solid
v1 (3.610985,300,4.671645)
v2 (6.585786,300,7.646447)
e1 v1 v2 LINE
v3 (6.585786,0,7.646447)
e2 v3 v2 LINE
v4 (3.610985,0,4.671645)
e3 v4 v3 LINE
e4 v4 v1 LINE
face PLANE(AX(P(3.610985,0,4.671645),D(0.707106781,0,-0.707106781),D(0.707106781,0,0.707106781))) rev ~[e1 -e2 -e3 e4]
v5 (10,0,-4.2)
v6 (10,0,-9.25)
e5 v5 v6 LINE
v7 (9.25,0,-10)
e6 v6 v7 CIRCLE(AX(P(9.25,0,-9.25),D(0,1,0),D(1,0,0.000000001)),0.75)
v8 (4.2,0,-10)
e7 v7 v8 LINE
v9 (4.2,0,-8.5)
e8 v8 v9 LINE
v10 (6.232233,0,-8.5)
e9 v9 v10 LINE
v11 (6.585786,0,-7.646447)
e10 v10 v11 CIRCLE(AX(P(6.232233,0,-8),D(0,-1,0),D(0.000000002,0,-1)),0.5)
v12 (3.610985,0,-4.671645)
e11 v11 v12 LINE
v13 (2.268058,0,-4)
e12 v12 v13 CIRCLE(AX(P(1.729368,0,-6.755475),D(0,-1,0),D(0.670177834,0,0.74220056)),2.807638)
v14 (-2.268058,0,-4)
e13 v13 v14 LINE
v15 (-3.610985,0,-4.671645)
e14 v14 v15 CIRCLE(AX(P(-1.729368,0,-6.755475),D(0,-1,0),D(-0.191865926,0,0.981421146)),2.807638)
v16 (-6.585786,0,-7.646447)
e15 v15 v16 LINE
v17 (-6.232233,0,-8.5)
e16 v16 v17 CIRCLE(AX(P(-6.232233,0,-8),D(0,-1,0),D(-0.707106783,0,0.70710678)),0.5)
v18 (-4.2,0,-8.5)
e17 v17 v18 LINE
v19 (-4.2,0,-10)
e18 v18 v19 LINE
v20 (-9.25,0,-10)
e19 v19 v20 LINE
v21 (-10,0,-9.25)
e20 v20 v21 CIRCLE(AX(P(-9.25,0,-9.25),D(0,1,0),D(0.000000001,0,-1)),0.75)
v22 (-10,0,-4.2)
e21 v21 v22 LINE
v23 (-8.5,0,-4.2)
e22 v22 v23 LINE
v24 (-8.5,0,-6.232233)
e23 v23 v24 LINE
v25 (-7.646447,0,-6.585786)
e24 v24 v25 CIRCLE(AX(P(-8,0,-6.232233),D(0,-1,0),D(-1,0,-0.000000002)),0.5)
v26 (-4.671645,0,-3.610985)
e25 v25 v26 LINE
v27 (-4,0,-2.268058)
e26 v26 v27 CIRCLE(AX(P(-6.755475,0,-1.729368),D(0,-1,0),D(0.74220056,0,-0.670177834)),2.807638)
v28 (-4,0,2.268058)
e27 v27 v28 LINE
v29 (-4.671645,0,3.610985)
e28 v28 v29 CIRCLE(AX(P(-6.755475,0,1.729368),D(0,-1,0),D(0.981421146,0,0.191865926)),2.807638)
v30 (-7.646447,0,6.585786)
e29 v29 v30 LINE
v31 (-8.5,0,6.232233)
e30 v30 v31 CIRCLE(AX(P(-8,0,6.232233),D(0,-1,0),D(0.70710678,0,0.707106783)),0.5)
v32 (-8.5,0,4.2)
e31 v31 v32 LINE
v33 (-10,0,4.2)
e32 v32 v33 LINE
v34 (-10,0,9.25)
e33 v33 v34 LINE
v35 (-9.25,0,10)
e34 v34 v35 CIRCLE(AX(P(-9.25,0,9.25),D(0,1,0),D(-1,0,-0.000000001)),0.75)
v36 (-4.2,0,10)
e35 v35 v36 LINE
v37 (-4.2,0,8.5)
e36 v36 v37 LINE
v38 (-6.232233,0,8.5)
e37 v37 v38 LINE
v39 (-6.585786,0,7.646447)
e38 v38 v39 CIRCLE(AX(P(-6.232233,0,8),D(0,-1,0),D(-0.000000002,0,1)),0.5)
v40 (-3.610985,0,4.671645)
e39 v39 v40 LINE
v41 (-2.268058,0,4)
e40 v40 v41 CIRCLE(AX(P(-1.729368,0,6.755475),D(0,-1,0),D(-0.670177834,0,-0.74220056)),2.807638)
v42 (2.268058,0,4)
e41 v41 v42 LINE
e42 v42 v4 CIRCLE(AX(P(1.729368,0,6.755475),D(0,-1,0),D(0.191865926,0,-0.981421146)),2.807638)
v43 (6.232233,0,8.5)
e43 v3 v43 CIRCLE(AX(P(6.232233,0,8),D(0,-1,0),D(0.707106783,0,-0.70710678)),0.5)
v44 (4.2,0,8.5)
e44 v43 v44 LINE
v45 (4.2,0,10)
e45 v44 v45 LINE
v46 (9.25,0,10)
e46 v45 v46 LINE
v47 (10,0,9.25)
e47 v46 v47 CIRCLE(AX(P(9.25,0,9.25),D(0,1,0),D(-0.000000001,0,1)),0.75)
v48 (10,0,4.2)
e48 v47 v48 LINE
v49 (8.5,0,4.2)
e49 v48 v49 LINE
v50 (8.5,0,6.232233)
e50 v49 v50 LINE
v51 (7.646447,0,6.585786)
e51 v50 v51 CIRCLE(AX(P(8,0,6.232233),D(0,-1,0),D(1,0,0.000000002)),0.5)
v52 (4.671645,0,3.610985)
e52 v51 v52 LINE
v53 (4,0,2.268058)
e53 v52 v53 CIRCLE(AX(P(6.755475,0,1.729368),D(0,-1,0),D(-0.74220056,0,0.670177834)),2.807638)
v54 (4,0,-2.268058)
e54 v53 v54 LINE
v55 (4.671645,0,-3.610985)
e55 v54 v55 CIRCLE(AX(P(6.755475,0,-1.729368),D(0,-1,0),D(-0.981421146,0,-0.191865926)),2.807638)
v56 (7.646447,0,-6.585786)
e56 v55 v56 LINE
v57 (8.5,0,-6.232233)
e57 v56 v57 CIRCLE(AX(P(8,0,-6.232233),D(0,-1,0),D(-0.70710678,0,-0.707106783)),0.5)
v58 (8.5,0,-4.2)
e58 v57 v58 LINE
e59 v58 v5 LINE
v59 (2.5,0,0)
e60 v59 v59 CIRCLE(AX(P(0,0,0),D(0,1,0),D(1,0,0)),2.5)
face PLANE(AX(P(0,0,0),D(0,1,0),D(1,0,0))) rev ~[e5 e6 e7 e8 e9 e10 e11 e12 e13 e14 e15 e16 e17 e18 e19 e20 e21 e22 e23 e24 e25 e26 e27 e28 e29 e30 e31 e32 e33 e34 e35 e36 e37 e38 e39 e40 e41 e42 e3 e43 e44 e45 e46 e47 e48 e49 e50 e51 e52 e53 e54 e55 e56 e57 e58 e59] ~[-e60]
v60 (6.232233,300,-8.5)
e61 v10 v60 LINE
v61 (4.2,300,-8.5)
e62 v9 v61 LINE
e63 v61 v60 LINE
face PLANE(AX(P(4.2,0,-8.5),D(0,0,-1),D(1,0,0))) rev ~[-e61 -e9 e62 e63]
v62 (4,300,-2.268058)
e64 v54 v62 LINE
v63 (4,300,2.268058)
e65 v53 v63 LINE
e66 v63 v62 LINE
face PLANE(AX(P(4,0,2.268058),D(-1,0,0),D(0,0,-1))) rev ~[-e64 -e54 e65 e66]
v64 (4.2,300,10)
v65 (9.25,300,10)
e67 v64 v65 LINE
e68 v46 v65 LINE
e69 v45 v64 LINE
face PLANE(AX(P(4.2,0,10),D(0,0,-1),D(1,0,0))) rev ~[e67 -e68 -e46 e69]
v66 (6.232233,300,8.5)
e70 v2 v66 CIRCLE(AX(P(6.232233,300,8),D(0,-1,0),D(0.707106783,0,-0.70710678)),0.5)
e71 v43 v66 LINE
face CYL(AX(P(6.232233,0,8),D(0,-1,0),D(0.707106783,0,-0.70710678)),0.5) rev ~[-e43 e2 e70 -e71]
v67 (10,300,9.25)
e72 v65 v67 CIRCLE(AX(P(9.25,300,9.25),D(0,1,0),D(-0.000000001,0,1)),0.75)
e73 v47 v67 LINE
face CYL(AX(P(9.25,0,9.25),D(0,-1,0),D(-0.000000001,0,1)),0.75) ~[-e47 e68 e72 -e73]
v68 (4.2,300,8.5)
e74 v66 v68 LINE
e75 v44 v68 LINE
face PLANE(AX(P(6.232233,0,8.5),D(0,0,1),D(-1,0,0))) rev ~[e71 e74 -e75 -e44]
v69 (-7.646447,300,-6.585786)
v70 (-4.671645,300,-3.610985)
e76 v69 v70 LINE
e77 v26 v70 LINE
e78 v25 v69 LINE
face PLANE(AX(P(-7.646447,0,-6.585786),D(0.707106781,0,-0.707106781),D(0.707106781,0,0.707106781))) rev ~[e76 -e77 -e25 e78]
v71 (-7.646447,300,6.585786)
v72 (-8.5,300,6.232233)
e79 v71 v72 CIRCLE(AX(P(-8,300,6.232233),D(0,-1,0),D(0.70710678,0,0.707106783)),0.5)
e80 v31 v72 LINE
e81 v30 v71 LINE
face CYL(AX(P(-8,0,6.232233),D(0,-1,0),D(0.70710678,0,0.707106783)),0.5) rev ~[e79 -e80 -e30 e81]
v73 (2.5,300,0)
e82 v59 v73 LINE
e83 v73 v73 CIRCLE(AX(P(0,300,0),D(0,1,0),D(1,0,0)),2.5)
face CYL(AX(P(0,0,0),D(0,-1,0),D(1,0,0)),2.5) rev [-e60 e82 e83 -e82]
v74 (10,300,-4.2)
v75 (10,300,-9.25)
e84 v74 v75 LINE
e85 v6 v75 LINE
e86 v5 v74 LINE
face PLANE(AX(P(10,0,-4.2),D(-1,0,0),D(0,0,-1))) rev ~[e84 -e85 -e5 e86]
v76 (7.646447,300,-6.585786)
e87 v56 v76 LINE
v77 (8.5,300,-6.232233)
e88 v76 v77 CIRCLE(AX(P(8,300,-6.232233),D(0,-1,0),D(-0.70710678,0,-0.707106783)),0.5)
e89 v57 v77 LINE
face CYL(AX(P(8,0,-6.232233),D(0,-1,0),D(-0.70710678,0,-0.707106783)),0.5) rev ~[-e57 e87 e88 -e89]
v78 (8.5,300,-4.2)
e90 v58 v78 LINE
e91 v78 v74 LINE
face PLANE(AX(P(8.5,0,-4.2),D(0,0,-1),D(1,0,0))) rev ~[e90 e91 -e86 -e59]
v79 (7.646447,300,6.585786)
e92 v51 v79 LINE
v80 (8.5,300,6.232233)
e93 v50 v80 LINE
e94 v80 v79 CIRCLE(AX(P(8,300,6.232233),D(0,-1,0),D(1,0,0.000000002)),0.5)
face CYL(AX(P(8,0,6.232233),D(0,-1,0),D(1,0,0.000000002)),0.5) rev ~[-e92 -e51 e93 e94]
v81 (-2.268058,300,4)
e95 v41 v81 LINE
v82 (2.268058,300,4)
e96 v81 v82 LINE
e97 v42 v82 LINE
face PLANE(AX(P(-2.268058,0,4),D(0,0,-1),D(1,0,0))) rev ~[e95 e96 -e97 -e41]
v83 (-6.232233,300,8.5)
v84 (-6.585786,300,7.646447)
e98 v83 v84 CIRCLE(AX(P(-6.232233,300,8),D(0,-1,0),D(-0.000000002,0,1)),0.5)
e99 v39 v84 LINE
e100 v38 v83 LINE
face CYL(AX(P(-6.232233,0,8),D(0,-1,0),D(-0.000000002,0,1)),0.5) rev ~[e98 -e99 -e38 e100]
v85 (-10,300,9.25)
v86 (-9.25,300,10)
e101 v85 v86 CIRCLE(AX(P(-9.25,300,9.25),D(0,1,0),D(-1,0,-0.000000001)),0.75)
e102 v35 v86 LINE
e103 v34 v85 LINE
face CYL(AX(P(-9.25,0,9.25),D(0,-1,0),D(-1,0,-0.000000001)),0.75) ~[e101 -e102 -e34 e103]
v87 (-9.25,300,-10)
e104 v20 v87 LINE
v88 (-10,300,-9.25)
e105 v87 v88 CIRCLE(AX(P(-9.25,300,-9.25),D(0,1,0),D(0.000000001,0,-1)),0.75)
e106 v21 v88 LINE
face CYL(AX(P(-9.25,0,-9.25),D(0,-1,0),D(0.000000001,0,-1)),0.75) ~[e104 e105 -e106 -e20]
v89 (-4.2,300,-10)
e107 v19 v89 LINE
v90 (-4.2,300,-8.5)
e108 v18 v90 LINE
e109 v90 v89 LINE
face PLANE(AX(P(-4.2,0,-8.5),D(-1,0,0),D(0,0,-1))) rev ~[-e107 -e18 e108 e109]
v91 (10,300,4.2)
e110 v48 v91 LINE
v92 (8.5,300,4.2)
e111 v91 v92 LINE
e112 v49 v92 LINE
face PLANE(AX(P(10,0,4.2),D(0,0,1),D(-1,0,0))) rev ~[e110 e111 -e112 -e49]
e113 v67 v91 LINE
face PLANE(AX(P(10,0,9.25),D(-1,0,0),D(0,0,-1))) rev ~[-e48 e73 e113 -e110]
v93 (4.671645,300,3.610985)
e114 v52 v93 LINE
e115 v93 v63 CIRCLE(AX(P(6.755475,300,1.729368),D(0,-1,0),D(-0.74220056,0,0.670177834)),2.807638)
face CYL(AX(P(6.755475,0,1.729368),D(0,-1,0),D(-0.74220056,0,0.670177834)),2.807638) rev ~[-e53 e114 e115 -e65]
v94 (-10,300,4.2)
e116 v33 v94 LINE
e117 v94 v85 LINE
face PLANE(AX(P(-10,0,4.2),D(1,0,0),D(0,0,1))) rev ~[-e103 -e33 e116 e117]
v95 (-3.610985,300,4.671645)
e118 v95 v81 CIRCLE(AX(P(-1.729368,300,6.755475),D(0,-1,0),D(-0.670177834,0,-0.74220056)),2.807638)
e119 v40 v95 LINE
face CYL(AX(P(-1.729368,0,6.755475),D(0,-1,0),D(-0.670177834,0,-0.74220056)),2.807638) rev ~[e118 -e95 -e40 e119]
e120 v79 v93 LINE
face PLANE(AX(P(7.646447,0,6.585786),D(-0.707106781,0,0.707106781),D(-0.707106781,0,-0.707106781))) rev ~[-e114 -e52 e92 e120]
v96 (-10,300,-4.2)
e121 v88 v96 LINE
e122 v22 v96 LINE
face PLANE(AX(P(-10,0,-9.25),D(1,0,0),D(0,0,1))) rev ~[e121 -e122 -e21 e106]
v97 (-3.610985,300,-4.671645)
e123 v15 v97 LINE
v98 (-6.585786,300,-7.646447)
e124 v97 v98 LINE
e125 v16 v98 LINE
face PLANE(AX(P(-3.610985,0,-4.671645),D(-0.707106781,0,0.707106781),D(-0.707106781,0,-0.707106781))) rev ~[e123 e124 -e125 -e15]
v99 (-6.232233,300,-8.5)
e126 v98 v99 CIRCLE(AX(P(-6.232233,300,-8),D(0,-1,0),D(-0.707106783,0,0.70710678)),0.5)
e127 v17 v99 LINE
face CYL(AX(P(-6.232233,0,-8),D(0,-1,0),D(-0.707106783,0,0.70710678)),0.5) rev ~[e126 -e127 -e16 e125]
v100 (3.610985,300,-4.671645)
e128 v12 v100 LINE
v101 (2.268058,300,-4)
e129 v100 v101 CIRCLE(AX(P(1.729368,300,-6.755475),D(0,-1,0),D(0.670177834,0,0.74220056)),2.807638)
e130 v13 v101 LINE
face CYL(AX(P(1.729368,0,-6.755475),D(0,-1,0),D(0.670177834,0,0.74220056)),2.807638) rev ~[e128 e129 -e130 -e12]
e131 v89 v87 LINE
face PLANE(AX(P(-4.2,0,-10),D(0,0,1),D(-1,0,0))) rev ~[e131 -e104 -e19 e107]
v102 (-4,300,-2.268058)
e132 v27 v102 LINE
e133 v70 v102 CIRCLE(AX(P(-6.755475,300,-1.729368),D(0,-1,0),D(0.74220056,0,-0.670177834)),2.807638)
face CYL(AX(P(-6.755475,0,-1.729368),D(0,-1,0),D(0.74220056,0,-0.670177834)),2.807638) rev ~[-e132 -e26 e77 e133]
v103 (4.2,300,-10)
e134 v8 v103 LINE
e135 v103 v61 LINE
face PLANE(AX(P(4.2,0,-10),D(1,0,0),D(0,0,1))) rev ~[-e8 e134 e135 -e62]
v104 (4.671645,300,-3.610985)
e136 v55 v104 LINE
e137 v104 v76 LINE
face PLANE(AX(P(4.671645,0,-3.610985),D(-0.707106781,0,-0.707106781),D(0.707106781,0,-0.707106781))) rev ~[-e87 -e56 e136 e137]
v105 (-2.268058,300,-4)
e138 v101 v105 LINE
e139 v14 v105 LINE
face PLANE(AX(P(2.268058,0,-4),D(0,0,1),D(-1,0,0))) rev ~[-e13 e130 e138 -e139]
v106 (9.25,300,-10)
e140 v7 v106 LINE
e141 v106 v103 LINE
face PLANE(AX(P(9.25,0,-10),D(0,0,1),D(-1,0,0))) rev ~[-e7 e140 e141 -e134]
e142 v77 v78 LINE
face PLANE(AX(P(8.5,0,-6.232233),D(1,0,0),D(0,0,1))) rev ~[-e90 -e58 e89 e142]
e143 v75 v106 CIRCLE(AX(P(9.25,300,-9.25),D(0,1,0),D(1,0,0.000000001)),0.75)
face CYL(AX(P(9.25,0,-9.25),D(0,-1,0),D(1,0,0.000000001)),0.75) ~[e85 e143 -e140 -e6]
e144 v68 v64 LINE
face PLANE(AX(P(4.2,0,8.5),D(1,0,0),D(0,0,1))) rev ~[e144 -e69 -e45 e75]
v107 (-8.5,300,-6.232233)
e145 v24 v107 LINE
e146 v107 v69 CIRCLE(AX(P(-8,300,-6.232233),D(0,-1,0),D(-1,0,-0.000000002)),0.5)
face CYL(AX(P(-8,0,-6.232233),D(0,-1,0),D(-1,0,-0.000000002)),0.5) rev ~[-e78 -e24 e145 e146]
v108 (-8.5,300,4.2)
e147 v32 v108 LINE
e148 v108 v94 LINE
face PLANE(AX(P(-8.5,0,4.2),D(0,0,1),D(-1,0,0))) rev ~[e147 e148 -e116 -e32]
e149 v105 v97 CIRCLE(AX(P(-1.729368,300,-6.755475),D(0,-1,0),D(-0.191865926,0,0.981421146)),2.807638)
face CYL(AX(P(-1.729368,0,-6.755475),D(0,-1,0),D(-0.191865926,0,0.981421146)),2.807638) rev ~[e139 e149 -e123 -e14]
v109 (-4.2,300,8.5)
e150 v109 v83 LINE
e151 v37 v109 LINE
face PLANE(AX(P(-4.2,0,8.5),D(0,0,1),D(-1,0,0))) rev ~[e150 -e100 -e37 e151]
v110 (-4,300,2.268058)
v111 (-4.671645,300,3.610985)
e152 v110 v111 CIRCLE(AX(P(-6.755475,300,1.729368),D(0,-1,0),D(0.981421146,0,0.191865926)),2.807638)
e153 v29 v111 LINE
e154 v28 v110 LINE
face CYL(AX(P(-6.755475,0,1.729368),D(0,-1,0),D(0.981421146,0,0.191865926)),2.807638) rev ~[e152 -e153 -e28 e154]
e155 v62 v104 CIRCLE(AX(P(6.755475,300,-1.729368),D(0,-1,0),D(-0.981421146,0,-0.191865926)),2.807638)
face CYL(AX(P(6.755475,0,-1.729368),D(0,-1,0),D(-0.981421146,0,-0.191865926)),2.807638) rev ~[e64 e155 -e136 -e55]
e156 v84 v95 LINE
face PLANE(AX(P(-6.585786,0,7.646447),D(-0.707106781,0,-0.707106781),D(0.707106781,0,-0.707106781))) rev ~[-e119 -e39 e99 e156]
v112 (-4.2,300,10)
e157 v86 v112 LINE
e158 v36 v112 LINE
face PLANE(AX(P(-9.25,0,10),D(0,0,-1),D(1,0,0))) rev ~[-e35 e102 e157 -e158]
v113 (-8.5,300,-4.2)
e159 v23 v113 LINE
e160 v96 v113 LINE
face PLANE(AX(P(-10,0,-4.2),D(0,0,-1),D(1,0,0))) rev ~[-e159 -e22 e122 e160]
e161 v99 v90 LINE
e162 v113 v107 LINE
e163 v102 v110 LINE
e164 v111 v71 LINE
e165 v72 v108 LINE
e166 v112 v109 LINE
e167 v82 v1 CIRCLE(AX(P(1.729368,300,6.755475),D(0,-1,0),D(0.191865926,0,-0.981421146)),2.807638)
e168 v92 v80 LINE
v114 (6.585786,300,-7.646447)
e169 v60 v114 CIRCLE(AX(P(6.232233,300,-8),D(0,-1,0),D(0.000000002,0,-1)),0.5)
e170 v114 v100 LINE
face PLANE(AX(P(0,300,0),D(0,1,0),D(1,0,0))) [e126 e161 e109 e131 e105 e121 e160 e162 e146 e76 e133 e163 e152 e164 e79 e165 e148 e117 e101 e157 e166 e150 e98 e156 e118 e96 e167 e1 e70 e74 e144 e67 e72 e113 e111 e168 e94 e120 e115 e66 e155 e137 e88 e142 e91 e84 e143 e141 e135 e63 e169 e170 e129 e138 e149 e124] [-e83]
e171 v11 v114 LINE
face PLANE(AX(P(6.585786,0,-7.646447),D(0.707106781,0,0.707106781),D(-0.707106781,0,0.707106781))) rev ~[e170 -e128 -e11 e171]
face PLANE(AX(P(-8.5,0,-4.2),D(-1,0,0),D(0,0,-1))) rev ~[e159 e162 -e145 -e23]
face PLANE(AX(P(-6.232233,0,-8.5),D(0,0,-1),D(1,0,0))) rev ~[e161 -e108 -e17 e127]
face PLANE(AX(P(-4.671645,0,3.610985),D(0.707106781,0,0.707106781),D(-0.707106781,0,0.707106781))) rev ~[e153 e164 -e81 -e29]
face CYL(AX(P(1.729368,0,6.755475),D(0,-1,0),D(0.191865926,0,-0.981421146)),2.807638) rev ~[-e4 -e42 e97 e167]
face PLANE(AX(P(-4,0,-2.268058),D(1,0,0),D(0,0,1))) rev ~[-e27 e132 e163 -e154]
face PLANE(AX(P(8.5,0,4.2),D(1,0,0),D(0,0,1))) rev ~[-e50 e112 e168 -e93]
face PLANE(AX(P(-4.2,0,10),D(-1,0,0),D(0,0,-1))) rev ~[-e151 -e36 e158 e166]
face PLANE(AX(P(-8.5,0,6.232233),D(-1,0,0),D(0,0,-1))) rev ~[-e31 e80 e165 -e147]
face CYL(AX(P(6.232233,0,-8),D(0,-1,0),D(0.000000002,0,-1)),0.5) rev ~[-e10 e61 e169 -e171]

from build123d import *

# Parameters (mm, degrees)
SKETCH1_R           = 2.5
BOSS_EXTRUDE1_DEPTH = 300


with BuildPart() as part:
    # Sketch1 → Boss-Extrude1 (new body)
    with BuildSketch(Plane(origin=(0, 0, 0), x_dir=(1, 0, 0), z_dir=(0, 1, 0))):
        with BuildLine():
            Line((-3.610984523, 4.671644695), (-6.585786438, 7.646446609))
            ThreePointArc((-6.585786438, 7.646446609), (-6.694172813, 8.191341716), (-6.232233047, 8.5))
            Line((-6.232233047, 8.5), (-4.2, 8.5))
            Line((-4.2, 8.5), (-4.2, 10))
            Line((-4.2, 10), (-9.25, 10))
            ThreePointArc((-9.25, 10), (-9.780330086, 9.780330086), (-10, 9.25))
            Line((-10, 9.25), (-10, 4.2))
            Line((-10, 4.2), (-8.5, 4.2))
            Line((-8.5, 4.2), (-8.5, 6.232233047))
            ThreePointArc((-8.5, 6.232233047), (-8.191341716, 6.694172813), (-7.646446609, 6.585786438))
            Line((-7.646446609, 6.585786438), (-4.671644695, 3.610984523))
            ThreePointArc((-4.671644695, 3.610984523), (-4.244383234, 2.985253206), (-4, 2.268058063))
            Line((-4, 2.268058063), (-4, -2.268058063))
            ThreePointArc((-4, -2.268058063), (-4.244383234, -2.985253206), (-4.671644695, -3.610984523))
            Line((-4.671644695, -3.610984523), (-7.646446609, -6.585786438))
            ThreePointArc((-7.646446609, -6.585786438), (-8.191341716, -6.694172813), (-8.5, -6.232233047))
            Line((-8.5, -6.232233047), (-8.5, -4.2))
            Line((-8.5, -4.2), (-10, -4.2))
            Line((-10, -4.2), (-10, -9.25))
            ThreePointArc((-10, -9.25), (-9.780330086, -9.780330086), (-9.25, -10))
            Line((-9.25, -10), (-4.2, -10))
            Line((-4.2, -10), (-4.2, -8.5))
            Line((-4.2, -8.5), (-6.232233047, -8.5))
            ThreePointArc((-6.232233047, -8.5), (-6.694172813, -8.191341716), (-6.585786438, -7.646446609))
            Line((-6.585786438, -7.646446609), (-3.610984523, -4.671644695))
            ThreePointArc((-3.610984523, -4.671644695), (-2.985253206, -4.244383234), (-2.268058063, -4))
            Line((-2.268058063, -4), (2.268058063, -4))
            ThreePointArc((2.268058063, -4), (2.985253206, -4.244383234), (3.610984523, -4.671644695))
            Line((3.610984523, -4.671644695), (6.585786438, -7.646446609))
            ThreePointArc((6.585786438, -7.646446609), (6.694172813, -8.191341716), (6.232233047, -8.5))
            Line((6.232233047, -8.5), (4.2, -8.5))
            Line((4.2, -8.5), (4.2, -10))
            Line((4.2, -10), (9.25, -10))
            ThreePointArc((9.25, -10), (9.780330086, -9.780330086), (10, -9.25))
            Line((10, -9.25), (10, -4.2))
            Line((10, -4.2), (8.5, -4.2))
            Line((8.5, -4.2), (8.5, -6.232233047))
            ThreePointArc((8.5, -6.232233047), (8.191341716, -6.694172813), (7.646446609, -6.585786438))
            Line((7.646446609, -6.585786438), (4.671644695, -3.610984523))
            ThreePointArc((4.671644695, -3.610984523), (4.244383234, -2.985253206), (4, -2.268058063))
            Line((4, -2.268058063), (4, 2.268058063))
            ThreePointArc((4, 2.268058063), (4.244383234, 2.985253206), (4.671644695, 3.610984523))
            Line((4.671644695, 3.610984523), (7.646446609, 6.585786438))
            ThreePointArc((7.646446609, 6.585786438), (8.191341716, 6.694172813), (8.5, 6.232233047))
            Line((8.5, 6.232233047), (8.5, 4.2))
            Line((8.5, 4.2), (10, 4.2))
            Line((10, 4.2), (10, 9.25))
            ThreePointArc((10, 9.25), (9.780330086, 9.780330086), (9.25, 10))
            Line((9.25, 10), (4.2, 10))
            Line((4.2, 10), (4.2, 8.5))
            Line((4.2, 8.5), (6.232233047, 8.5))
            ThreePointArc((6.232233047, 8.5), (6.694172813, 8.191341716), (6.585786438, 7.646446609))
            Line((6.585786438, 7.646446609), (3.610984523, 4.671644695))
            ThreePointArc((3.610984523, 4.671644695), (2.985253206, 4.244383234), (2.268058063, 4))
            Line((2.268058063, 4), (-2.268058063, 4))
            ThreePointArc((-2.268058063, 4), (-2.985253206, 4.244383234), (-3.610984523, 4.671644695))
        make_face()
        Circle(SKETCH1_R, mode=Mode.SUBTRACT)
    extrude(amount=BOSS_EXTRUDE1_DEPTH)


solid = part.part
